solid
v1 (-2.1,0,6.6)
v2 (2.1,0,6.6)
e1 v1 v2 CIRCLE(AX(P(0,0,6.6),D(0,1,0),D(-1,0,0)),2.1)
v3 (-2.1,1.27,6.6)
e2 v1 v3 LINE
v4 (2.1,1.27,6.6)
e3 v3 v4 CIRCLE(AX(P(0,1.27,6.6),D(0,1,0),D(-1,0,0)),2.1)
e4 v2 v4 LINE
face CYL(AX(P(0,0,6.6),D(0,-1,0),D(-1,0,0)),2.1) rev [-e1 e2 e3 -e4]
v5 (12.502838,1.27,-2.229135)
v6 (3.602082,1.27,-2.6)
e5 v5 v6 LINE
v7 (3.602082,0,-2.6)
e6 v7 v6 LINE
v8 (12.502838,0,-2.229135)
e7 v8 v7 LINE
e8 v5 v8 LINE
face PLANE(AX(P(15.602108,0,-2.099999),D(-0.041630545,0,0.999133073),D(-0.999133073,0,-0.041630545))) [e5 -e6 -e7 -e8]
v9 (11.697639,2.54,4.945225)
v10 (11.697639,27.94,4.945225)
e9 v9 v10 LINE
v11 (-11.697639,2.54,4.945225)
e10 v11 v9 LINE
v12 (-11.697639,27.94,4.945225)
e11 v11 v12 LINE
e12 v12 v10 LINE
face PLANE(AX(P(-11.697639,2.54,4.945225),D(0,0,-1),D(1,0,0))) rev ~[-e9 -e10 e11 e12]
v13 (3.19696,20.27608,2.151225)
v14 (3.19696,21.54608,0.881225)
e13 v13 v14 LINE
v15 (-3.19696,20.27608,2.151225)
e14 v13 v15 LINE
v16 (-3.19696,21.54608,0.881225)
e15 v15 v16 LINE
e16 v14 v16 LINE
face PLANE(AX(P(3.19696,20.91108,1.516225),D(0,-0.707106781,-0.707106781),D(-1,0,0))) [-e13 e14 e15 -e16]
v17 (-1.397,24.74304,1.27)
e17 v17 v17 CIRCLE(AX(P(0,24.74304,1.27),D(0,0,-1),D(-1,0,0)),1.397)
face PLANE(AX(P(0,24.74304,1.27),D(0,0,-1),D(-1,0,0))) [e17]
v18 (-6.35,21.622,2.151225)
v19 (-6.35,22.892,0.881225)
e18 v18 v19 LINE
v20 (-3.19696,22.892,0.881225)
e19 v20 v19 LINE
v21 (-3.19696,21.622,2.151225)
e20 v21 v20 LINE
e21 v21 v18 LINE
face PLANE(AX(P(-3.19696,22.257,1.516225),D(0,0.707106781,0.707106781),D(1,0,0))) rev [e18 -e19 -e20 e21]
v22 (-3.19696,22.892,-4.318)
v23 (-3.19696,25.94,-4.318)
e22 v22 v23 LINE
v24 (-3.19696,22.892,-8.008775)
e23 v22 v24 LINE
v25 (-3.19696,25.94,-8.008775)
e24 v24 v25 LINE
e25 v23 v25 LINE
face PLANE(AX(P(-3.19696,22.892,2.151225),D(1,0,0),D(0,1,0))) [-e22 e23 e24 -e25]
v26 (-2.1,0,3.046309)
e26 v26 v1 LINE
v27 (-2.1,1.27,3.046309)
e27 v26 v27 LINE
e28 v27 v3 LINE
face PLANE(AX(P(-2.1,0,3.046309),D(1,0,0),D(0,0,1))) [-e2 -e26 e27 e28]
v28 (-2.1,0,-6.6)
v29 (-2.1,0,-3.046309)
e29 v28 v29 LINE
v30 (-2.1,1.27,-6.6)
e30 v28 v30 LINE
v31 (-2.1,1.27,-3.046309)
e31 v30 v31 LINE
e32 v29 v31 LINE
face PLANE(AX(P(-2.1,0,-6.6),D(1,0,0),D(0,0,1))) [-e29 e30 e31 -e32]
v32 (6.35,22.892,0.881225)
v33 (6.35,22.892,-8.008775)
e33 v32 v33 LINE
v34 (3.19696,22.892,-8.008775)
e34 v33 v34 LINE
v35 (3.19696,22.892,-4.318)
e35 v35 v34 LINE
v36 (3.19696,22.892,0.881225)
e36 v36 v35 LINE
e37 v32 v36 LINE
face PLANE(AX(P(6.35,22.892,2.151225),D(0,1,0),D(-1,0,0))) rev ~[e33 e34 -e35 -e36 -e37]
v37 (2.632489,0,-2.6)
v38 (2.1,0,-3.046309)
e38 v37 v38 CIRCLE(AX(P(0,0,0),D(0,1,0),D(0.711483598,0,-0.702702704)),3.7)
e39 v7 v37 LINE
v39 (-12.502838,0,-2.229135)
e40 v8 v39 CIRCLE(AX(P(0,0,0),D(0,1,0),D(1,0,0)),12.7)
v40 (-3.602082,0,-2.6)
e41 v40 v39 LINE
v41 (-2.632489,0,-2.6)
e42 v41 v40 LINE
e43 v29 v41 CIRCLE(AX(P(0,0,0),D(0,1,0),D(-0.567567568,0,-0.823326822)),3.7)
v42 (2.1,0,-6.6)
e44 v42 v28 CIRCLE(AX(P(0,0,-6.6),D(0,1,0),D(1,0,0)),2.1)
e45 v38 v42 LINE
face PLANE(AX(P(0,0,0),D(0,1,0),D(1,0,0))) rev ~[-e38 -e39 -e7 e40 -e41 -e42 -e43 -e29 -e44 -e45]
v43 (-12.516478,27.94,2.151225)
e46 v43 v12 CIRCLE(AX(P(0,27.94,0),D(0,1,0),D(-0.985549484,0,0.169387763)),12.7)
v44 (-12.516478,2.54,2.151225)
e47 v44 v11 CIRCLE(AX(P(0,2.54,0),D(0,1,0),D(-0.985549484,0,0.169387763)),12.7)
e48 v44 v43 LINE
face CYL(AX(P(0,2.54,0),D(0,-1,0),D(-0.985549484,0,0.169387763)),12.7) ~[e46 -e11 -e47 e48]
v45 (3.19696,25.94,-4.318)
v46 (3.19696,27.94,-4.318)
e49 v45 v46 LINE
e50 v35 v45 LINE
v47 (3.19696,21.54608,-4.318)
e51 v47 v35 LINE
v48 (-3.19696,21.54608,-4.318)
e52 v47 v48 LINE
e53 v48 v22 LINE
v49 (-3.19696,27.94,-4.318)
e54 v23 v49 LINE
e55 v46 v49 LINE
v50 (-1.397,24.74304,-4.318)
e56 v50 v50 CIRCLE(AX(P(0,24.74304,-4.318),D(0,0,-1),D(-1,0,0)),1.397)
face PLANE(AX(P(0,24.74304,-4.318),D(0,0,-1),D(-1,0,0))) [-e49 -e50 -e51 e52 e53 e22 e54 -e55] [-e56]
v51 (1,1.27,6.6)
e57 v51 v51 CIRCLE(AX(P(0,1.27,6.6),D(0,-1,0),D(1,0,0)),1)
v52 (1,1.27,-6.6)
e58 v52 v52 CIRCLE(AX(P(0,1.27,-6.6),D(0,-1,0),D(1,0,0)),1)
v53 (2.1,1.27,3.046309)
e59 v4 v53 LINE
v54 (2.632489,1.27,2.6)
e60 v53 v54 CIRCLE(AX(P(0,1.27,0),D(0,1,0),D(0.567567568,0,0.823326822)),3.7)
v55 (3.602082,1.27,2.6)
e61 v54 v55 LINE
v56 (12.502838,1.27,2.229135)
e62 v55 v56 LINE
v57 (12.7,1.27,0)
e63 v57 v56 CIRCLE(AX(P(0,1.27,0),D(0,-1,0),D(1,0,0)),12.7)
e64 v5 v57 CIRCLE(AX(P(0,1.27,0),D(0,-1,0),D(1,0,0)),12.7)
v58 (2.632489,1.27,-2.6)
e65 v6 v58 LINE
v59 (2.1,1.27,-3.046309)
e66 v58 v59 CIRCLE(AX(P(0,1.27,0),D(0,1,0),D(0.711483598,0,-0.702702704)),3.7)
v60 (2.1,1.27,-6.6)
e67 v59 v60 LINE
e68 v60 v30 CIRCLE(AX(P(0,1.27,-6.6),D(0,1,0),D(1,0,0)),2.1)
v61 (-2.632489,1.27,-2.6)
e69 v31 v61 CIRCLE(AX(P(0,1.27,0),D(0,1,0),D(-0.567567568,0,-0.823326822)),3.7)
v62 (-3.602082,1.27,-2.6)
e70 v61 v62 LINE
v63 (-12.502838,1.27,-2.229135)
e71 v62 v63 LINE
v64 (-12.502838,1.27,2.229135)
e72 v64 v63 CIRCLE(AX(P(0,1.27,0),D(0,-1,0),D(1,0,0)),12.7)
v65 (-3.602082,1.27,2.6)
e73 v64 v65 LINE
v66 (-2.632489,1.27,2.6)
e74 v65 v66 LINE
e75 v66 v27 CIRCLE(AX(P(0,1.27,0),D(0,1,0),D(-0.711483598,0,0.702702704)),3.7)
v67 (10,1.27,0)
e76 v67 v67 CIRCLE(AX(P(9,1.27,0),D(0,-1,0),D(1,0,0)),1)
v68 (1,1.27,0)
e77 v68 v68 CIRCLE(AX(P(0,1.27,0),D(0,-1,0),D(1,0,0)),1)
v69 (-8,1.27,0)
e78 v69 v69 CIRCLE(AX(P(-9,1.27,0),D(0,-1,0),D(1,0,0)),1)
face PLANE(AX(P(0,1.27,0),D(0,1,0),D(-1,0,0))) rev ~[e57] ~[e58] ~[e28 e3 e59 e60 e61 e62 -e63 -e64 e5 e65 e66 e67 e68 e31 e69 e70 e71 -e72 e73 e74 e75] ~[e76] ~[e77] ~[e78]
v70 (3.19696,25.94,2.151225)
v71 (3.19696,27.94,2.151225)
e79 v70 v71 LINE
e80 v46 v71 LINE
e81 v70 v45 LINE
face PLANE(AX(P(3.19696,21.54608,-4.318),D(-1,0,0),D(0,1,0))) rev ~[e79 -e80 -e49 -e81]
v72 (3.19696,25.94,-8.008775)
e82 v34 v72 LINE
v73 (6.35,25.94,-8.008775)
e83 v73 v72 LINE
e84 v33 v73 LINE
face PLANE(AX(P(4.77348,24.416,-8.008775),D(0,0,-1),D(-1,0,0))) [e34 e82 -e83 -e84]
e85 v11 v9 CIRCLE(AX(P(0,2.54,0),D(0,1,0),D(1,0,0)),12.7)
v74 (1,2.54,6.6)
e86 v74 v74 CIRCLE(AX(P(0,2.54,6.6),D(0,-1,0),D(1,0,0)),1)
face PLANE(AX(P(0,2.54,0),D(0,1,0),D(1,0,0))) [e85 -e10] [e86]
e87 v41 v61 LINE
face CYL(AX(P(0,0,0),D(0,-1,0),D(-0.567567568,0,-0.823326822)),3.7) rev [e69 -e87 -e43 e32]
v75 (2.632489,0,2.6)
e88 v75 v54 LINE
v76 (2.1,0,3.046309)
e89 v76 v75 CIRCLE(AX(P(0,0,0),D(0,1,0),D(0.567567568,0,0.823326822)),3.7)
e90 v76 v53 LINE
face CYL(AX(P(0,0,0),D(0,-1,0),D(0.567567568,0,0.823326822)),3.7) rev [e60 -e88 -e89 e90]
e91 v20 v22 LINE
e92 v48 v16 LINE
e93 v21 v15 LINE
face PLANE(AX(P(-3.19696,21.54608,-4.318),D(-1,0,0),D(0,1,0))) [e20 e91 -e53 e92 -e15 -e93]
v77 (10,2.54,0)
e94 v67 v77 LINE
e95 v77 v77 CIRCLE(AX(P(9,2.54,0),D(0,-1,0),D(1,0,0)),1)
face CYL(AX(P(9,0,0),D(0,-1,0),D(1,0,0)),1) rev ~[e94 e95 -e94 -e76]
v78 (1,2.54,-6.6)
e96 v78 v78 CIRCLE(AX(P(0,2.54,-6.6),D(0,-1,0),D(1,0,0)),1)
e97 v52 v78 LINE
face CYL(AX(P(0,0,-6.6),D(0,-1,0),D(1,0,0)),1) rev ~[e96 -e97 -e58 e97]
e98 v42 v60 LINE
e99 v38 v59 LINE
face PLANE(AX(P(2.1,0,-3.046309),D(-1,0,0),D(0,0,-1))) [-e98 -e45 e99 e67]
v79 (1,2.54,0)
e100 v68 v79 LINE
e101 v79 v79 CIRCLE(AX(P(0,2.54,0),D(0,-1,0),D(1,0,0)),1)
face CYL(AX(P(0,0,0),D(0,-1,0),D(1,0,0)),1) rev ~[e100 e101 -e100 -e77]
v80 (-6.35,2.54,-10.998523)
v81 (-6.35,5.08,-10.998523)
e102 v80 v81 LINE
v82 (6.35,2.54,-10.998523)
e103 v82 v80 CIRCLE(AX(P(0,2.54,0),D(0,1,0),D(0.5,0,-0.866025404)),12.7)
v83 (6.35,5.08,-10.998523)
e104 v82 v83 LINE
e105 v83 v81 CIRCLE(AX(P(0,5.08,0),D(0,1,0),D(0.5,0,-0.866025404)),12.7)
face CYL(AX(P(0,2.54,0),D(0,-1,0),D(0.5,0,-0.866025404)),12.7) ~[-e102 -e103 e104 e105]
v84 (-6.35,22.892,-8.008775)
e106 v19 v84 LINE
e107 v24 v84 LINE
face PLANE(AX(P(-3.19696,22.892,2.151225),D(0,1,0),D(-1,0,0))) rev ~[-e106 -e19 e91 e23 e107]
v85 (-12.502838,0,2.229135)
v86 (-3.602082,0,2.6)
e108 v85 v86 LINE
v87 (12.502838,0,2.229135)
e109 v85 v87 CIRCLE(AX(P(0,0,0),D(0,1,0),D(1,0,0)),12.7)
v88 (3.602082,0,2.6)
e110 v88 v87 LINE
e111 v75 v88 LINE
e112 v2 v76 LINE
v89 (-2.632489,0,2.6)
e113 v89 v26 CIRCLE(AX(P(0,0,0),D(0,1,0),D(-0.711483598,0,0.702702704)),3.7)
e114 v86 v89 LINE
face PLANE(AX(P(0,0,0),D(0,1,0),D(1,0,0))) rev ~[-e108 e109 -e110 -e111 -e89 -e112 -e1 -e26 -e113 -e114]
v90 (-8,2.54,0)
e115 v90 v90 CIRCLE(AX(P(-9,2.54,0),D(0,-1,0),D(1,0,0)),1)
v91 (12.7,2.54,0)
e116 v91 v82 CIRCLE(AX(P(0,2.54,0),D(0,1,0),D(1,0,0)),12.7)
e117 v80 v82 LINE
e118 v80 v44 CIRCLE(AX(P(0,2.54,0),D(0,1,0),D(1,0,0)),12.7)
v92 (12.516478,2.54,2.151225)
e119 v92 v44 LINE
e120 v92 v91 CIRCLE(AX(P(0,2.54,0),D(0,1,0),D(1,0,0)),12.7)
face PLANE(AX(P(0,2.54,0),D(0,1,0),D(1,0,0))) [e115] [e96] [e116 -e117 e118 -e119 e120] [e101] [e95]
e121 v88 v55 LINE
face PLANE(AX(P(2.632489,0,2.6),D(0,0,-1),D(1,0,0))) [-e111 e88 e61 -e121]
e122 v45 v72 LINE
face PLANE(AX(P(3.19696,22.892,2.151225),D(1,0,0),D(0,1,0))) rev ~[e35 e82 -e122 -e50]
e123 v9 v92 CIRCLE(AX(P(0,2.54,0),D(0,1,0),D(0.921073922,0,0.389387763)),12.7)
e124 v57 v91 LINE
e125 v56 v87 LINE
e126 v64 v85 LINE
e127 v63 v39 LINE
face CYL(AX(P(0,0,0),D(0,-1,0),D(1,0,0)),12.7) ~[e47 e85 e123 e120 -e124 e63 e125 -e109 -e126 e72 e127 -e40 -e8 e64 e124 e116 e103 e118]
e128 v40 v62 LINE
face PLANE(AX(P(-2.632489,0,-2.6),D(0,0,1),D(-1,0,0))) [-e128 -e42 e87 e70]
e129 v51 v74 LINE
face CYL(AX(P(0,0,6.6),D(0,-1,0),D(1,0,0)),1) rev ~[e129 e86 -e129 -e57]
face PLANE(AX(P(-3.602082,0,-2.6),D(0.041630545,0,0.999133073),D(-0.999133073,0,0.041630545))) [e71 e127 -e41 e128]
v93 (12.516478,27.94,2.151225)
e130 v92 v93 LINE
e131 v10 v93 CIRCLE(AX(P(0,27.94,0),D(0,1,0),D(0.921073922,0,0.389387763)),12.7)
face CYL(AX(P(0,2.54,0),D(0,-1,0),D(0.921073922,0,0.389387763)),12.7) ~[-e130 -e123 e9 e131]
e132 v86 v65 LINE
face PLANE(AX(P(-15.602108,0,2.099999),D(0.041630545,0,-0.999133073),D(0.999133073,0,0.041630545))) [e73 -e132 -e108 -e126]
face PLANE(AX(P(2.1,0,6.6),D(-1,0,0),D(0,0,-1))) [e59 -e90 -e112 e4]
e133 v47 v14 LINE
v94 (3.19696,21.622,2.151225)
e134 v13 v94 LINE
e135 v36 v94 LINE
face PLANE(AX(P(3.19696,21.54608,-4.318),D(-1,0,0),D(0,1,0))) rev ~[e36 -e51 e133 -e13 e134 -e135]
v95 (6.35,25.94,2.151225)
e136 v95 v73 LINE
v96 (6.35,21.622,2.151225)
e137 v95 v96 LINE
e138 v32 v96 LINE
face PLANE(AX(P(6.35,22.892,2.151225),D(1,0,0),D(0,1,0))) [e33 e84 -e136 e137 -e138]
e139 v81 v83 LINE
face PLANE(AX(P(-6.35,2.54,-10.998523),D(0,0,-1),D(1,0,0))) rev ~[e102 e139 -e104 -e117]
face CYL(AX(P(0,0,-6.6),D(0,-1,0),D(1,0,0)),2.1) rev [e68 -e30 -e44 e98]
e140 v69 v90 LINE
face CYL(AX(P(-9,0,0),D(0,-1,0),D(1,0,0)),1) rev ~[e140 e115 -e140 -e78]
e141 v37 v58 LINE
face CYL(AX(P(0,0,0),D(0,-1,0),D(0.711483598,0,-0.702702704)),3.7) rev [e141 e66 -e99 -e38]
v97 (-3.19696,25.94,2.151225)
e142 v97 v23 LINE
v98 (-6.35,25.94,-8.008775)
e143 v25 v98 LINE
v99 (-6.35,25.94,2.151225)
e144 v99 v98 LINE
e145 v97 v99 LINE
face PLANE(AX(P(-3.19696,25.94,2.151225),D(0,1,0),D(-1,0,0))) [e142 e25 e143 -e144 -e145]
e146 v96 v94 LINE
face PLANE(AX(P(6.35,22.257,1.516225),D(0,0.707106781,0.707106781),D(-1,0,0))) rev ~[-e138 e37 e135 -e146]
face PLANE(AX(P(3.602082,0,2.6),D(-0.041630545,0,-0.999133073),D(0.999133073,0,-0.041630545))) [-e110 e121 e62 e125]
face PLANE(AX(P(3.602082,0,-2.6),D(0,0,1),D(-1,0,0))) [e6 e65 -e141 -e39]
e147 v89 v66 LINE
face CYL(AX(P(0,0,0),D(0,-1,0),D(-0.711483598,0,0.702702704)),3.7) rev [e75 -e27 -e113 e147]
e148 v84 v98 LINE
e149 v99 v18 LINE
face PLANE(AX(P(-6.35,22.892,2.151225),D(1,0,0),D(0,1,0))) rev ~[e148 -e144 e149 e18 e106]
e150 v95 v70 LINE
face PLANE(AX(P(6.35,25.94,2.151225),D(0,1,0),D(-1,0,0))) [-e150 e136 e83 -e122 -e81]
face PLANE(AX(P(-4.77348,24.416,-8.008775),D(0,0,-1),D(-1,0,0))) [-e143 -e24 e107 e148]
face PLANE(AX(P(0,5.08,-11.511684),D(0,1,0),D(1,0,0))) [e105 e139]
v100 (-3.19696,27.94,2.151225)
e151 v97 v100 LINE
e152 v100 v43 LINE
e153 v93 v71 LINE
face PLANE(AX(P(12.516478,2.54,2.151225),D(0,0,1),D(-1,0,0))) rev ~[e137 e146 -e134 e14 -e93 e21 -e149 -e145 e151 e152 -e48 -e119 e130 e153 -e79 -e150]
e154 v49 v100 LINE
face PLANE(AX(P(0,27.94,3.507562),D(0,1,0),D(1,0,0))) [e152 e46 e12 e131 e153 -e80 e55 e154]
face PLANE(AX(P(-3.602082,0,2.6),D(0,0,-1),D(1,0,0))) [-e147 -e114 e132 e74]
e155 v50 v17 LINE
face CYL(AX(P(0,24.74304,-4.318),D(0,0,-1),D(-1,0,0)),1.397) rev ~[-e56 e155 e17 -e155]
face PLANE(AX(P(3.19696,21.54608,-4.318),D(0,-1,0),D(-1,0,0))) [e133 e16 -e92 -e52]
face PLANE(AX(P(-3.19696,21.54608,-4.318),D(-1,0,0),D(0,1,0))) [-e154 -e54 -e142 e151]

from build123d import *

# Parameters (mm, degrees)
SKETCH1_R           = 12.7
BOSS_EXTRUDE1_DEPTH = 2.54
BOSS_EXTRUDE2_DEPTH = 25.4
BOSS_EXTRUDE3_REACH = 19.018
SKETCH3_W           = 6.393920166
SKETCH3_H           = 6.393920167
SKETCH4_R           = 1.397
CUT_EXTRUDE1_DEPTH  = 5.588
CUT_EXTRUDE2_REACH  = 29.94
SKETCH6_R           = 1
CUT_EXTRUDE4_DEPTH  = 1.27
SKETCH10_W          = 3.153039917
SKETCH10_H          = 3.048
BOSS_EXTRUDE4_DEPTH = 10.16
CHAMFER1_SIZE       = 1.27
BOSS_EXTRUDE5_DEPTH = 2.54


with BuildPart() as part:
    # Sketch1 → Boss-Extrude1 (new body)
    with BuildSketch(Plane(origin=(0, 0, 0), x_dir=(1, 0, 0), z_dir=(0, 1, 0))):
        Circle(SKETCH1_R)
    extrude(amount=BOSS_EXTRUDE1_DEPTH)

    # Sketch2 → Boss-Extrude2 (add)
    with BuildSketch(Plane(origin=(0, 2.54, 0), x_dir=(1, 0, 0), z_dir=(0, 1, 0))):
        with BuildLine():
            Line((12.516478449, -2.151224589), (-12.516478449, -2.151224589))
            ThreePointArc((-12.516478449, -2.151224589), (-12.187390109, -3.571767395), (-11.697638811, -4.945224589))
            Line((-11.697638811, -4.945224589), (11.697638811, -4.945224589))
            ThreePointArc((11.697638811, -4.945224589), (12.187390109, -3.571767395), (12.516478449, -2.151224589))
        make_face()
    extrude(amount=BOSS_EXTRUDE2_DEPTH)

    # Sketch3 → Boss-Extrude3 (add, up to next)
    with BuildSketch(Plane(origin=(0, 0, -4.318), x_dir=(-1, 0, 0), z_dir=(0, 0, -1)), mode=Mode.PRIVATE) as boss_extrude3_sk1:
        with Locations((0, 24.743039917)):
            Rectangle(SKETCH3_W, SKETCH3_H)
    boss_extrude3_tool1 = extrude(boss_extrude3_sk1.sketch, amount=-BOSS_EXTRUDE3_REACH, mode=Mode.PRIVATE) - part.part
    add(boss_extrude3_tool1.solids().sort_by_distance((0, 24.74304, -4.318))[0])

    # Sketch4 → Cut-Extrude1 (cut)
    with BuildSketch(Plane(origin=(0, 0, -4.318), x_dir=(-1, 0, 0), z_dir=(0, 0, -1))):
        with Locations((0, 24.743039917)):
            Circle(SKETCH4_R)
    extrude(amount=-CUT_EXTRUDE1_DEPTH, mode=Mode.SUBTRACT)

    # Sketch6 → Cut-Extrude2 (cut, up to next)
    with BuildSketch(Plane.XZ, mode=Mode.PRIVATE) as cut_extrude2_sk1:
        with Locations((9, 0)):
            Circle(SKETCH6_R)
    cut_extrude2_tool1 = extrude(cut_extrude2_sk1.sketch, amount=-CUT_EXTRUDE2_REACH, mode=Mode.PRIVATE) & part.part
    add(cut_extrude2_tool1.solids().sort_by_distance((9, 0, 0))[0], mode=Mode.SUBTRACT)
    # Sketch6 → Cut-Extrude2 (cut, up to next)
    with BuildSketch(Plane.XZ, mode=Mode.PRIVATE) as cut_extrude2_sk2:
        with Locations((0, -6.6)):
            Circle(SKETCH6_R)
    cut_extrude2_tool2 = extrude(cut_extrude2_sk2.sketch, amount=-CUT_EXTRUDE2_REACH, mode=Mode.PRIVATE) & part.part
    add(cut_extrude2_tool2.solids().sort_by_distance((0, 0, -6.6))[0], mode=Mode.SUBTRACT)
    # Sketch6 → Cut-Extrude2 (cut, up to next)
    with BuildSketch(Plane.XZ, mode=Mode.PRIVATE) as cut_extrude2_sk3:
        with Locations((-9, 0)):
            Circle(SKETCH6_R)
    cut_extrude2_tool3 = extrude(cut_extrude2_sk3.sketch, amount=-CUT_EXTRUDE2_REACH, mode=Mode.PRIVATE) & part.part
    add(cut_extrude2_tool3.solids().sort_by_distance((-9, 0, 0))[0], mode=Mode.SUBTRACT)
    # Sketch6 → Cut-Extrude2 (cut, up to next)
    with BuildSketch(Plane.XZ, mode=Mode.PRIVATE) as cut_extrude2_sk4:
        with Locations((0, 6.6)):
            Circle(SKETCH6_R)
    cut_extrude2_tool4 = extrude(cut_extrude2_sk4.sketch, amount=-CUT_EXTRUDE2_REACH, mode=Mode.PRIVATE) & part.part
    add(cut_extrude2_tool4.solids().sort_by_distance((0, 0, 6.6))[0], mode=Mode.SUBTRACT)
    # Sketch6 → Cut-Extrude2 (cut, up to next)
    with BuildSketch(Plane.XZ, mode=Mode.PRIVATE) as cut_extrude2_sk5:
        Circle(SKETCH6_R)
    cut_extrude2_tool5 = extrude(cut_extrude2_sk5.sketch, amount=-CUT_EXTRUDE2_REACH, mode=Mode.PRIVATE) & part.part
    add(cut_extrude2_tool5.solids().sort_by_distance((0, 0, 0))[0], mode=Mode.SUBTRACT)

    # Sketch9 → Cut-Extrude4 (cut)
    with BuildSketch(Plane.XZ):
        with BuildLine():
            Line((-2.1, -6.6), (-2.1, -3.046309242))
            ThreePointArc((-2.1, -3.046309242), (-2.376743942, -2.835681264), (-2.632489316, -2.6))
            Line((-2.632489316, -2.6), (-3.60208243, -2.6))
            Line((-3.60208243, -2.6), (-15.602107818, -2.099998942))
            ThreePointArc((-15.602107818, -2.099998942), (-17.7, 0), (-15.602107818, 2.099998942))
            Line((-15.602107818, 2.099998942), (-3.60208243, 2.6))
            Line((-3.60208243, 2.6), (-2.632489316, 2.6))
            ThreePointArc((-2.632489316, 2.6), (-2.376743942, 2.835681264), (-2.1, 3.046309242))
            Line((-2.1, 3.046309242), (-2.1, 6.6))
            ThreePointArc((-2.1, 6.6), (0, 8.7), (2.1, 6.6))
            Line((2.1, 6.6), (2.1, 3.046309242))
            ThreePointArc((2.1, 3.046309242), (2.376743942, 2.835681264), (2.632489316, 2.6))
            Line((2.632489316, 2.6), (3.60208243, 2.6))
            Line((3.60208243, 2.6), (15.602107818, 2.099998942))
            ThreePointArc((15.602107818, 2.099998942), (17.7, 0), (15.602107818, -2.099998942))
            Line((15.602107818, -2.099998942), (3.60208243, -2.6))
            Line((3.60208243, -2.6), (2.632489316, -2.6))
            ThreePointArc((2.632489316, -2.6), (2.376743942, -2.835681264), (2.1, -3.046309242))
            Line((2.1, -3.046309242), (2.1, -6.6))
            ThreePointArc((2.1, -6.6), (0, -8.7), (-2.1, -6.6))
        make_face()
    extrude(amount=-CUT_EXTRUDE4_DEPTH, mode=Mode.SUBTRACT)

    # Sketch10 → Boss-Extrude4 (add)
    with BuildSketch(Plane(origin=(0, 0, 2.151224589), x_dir=(-1, 0, 0), z_dir=(0, 0, -1))):
        with Locations((-4.773480042, 24.416)):
            Rectangle(SKETCH10_W, SKETCH10_H)
        with Locations((4.773480042, 24.416)):
            Rectangle(SKETCH10_W, SKETCH10_H)
    extrude(amount=BOSS_EXTRUDE4_DEPTH)

    # Chamfer1
    chamfer1_edges = [part.edges().sort_by_distance(p)[0] for p in [
        (4.773480042, 22.892, 2.151224589),
        (-4.773480042, 22.892, 2.151224589),
        (0, 21.546079833, 2.151224589),
    ]]
    chamfer(chamfer1_edges, length=CHAMFER1_SIZE)

    # Sketch11 → Boss-Extrude5 (add)
    with BuildSketch(Plane(origin=(0, 2.54, 0), x_dir=(1, 0, 0), z_dir=(0, 1, 0))):
        with BuildLine():
            Line((-6.35, 10.998522628), (6.35, 10.998522628))
            ThreePointArc((6.35, 10.998522628), (0, 12.7), (-6.35, 10.998522628))
        make_face()
    extrude(amount=BOSS_EXTRUDE5_DEPTH)


solid = part.part
